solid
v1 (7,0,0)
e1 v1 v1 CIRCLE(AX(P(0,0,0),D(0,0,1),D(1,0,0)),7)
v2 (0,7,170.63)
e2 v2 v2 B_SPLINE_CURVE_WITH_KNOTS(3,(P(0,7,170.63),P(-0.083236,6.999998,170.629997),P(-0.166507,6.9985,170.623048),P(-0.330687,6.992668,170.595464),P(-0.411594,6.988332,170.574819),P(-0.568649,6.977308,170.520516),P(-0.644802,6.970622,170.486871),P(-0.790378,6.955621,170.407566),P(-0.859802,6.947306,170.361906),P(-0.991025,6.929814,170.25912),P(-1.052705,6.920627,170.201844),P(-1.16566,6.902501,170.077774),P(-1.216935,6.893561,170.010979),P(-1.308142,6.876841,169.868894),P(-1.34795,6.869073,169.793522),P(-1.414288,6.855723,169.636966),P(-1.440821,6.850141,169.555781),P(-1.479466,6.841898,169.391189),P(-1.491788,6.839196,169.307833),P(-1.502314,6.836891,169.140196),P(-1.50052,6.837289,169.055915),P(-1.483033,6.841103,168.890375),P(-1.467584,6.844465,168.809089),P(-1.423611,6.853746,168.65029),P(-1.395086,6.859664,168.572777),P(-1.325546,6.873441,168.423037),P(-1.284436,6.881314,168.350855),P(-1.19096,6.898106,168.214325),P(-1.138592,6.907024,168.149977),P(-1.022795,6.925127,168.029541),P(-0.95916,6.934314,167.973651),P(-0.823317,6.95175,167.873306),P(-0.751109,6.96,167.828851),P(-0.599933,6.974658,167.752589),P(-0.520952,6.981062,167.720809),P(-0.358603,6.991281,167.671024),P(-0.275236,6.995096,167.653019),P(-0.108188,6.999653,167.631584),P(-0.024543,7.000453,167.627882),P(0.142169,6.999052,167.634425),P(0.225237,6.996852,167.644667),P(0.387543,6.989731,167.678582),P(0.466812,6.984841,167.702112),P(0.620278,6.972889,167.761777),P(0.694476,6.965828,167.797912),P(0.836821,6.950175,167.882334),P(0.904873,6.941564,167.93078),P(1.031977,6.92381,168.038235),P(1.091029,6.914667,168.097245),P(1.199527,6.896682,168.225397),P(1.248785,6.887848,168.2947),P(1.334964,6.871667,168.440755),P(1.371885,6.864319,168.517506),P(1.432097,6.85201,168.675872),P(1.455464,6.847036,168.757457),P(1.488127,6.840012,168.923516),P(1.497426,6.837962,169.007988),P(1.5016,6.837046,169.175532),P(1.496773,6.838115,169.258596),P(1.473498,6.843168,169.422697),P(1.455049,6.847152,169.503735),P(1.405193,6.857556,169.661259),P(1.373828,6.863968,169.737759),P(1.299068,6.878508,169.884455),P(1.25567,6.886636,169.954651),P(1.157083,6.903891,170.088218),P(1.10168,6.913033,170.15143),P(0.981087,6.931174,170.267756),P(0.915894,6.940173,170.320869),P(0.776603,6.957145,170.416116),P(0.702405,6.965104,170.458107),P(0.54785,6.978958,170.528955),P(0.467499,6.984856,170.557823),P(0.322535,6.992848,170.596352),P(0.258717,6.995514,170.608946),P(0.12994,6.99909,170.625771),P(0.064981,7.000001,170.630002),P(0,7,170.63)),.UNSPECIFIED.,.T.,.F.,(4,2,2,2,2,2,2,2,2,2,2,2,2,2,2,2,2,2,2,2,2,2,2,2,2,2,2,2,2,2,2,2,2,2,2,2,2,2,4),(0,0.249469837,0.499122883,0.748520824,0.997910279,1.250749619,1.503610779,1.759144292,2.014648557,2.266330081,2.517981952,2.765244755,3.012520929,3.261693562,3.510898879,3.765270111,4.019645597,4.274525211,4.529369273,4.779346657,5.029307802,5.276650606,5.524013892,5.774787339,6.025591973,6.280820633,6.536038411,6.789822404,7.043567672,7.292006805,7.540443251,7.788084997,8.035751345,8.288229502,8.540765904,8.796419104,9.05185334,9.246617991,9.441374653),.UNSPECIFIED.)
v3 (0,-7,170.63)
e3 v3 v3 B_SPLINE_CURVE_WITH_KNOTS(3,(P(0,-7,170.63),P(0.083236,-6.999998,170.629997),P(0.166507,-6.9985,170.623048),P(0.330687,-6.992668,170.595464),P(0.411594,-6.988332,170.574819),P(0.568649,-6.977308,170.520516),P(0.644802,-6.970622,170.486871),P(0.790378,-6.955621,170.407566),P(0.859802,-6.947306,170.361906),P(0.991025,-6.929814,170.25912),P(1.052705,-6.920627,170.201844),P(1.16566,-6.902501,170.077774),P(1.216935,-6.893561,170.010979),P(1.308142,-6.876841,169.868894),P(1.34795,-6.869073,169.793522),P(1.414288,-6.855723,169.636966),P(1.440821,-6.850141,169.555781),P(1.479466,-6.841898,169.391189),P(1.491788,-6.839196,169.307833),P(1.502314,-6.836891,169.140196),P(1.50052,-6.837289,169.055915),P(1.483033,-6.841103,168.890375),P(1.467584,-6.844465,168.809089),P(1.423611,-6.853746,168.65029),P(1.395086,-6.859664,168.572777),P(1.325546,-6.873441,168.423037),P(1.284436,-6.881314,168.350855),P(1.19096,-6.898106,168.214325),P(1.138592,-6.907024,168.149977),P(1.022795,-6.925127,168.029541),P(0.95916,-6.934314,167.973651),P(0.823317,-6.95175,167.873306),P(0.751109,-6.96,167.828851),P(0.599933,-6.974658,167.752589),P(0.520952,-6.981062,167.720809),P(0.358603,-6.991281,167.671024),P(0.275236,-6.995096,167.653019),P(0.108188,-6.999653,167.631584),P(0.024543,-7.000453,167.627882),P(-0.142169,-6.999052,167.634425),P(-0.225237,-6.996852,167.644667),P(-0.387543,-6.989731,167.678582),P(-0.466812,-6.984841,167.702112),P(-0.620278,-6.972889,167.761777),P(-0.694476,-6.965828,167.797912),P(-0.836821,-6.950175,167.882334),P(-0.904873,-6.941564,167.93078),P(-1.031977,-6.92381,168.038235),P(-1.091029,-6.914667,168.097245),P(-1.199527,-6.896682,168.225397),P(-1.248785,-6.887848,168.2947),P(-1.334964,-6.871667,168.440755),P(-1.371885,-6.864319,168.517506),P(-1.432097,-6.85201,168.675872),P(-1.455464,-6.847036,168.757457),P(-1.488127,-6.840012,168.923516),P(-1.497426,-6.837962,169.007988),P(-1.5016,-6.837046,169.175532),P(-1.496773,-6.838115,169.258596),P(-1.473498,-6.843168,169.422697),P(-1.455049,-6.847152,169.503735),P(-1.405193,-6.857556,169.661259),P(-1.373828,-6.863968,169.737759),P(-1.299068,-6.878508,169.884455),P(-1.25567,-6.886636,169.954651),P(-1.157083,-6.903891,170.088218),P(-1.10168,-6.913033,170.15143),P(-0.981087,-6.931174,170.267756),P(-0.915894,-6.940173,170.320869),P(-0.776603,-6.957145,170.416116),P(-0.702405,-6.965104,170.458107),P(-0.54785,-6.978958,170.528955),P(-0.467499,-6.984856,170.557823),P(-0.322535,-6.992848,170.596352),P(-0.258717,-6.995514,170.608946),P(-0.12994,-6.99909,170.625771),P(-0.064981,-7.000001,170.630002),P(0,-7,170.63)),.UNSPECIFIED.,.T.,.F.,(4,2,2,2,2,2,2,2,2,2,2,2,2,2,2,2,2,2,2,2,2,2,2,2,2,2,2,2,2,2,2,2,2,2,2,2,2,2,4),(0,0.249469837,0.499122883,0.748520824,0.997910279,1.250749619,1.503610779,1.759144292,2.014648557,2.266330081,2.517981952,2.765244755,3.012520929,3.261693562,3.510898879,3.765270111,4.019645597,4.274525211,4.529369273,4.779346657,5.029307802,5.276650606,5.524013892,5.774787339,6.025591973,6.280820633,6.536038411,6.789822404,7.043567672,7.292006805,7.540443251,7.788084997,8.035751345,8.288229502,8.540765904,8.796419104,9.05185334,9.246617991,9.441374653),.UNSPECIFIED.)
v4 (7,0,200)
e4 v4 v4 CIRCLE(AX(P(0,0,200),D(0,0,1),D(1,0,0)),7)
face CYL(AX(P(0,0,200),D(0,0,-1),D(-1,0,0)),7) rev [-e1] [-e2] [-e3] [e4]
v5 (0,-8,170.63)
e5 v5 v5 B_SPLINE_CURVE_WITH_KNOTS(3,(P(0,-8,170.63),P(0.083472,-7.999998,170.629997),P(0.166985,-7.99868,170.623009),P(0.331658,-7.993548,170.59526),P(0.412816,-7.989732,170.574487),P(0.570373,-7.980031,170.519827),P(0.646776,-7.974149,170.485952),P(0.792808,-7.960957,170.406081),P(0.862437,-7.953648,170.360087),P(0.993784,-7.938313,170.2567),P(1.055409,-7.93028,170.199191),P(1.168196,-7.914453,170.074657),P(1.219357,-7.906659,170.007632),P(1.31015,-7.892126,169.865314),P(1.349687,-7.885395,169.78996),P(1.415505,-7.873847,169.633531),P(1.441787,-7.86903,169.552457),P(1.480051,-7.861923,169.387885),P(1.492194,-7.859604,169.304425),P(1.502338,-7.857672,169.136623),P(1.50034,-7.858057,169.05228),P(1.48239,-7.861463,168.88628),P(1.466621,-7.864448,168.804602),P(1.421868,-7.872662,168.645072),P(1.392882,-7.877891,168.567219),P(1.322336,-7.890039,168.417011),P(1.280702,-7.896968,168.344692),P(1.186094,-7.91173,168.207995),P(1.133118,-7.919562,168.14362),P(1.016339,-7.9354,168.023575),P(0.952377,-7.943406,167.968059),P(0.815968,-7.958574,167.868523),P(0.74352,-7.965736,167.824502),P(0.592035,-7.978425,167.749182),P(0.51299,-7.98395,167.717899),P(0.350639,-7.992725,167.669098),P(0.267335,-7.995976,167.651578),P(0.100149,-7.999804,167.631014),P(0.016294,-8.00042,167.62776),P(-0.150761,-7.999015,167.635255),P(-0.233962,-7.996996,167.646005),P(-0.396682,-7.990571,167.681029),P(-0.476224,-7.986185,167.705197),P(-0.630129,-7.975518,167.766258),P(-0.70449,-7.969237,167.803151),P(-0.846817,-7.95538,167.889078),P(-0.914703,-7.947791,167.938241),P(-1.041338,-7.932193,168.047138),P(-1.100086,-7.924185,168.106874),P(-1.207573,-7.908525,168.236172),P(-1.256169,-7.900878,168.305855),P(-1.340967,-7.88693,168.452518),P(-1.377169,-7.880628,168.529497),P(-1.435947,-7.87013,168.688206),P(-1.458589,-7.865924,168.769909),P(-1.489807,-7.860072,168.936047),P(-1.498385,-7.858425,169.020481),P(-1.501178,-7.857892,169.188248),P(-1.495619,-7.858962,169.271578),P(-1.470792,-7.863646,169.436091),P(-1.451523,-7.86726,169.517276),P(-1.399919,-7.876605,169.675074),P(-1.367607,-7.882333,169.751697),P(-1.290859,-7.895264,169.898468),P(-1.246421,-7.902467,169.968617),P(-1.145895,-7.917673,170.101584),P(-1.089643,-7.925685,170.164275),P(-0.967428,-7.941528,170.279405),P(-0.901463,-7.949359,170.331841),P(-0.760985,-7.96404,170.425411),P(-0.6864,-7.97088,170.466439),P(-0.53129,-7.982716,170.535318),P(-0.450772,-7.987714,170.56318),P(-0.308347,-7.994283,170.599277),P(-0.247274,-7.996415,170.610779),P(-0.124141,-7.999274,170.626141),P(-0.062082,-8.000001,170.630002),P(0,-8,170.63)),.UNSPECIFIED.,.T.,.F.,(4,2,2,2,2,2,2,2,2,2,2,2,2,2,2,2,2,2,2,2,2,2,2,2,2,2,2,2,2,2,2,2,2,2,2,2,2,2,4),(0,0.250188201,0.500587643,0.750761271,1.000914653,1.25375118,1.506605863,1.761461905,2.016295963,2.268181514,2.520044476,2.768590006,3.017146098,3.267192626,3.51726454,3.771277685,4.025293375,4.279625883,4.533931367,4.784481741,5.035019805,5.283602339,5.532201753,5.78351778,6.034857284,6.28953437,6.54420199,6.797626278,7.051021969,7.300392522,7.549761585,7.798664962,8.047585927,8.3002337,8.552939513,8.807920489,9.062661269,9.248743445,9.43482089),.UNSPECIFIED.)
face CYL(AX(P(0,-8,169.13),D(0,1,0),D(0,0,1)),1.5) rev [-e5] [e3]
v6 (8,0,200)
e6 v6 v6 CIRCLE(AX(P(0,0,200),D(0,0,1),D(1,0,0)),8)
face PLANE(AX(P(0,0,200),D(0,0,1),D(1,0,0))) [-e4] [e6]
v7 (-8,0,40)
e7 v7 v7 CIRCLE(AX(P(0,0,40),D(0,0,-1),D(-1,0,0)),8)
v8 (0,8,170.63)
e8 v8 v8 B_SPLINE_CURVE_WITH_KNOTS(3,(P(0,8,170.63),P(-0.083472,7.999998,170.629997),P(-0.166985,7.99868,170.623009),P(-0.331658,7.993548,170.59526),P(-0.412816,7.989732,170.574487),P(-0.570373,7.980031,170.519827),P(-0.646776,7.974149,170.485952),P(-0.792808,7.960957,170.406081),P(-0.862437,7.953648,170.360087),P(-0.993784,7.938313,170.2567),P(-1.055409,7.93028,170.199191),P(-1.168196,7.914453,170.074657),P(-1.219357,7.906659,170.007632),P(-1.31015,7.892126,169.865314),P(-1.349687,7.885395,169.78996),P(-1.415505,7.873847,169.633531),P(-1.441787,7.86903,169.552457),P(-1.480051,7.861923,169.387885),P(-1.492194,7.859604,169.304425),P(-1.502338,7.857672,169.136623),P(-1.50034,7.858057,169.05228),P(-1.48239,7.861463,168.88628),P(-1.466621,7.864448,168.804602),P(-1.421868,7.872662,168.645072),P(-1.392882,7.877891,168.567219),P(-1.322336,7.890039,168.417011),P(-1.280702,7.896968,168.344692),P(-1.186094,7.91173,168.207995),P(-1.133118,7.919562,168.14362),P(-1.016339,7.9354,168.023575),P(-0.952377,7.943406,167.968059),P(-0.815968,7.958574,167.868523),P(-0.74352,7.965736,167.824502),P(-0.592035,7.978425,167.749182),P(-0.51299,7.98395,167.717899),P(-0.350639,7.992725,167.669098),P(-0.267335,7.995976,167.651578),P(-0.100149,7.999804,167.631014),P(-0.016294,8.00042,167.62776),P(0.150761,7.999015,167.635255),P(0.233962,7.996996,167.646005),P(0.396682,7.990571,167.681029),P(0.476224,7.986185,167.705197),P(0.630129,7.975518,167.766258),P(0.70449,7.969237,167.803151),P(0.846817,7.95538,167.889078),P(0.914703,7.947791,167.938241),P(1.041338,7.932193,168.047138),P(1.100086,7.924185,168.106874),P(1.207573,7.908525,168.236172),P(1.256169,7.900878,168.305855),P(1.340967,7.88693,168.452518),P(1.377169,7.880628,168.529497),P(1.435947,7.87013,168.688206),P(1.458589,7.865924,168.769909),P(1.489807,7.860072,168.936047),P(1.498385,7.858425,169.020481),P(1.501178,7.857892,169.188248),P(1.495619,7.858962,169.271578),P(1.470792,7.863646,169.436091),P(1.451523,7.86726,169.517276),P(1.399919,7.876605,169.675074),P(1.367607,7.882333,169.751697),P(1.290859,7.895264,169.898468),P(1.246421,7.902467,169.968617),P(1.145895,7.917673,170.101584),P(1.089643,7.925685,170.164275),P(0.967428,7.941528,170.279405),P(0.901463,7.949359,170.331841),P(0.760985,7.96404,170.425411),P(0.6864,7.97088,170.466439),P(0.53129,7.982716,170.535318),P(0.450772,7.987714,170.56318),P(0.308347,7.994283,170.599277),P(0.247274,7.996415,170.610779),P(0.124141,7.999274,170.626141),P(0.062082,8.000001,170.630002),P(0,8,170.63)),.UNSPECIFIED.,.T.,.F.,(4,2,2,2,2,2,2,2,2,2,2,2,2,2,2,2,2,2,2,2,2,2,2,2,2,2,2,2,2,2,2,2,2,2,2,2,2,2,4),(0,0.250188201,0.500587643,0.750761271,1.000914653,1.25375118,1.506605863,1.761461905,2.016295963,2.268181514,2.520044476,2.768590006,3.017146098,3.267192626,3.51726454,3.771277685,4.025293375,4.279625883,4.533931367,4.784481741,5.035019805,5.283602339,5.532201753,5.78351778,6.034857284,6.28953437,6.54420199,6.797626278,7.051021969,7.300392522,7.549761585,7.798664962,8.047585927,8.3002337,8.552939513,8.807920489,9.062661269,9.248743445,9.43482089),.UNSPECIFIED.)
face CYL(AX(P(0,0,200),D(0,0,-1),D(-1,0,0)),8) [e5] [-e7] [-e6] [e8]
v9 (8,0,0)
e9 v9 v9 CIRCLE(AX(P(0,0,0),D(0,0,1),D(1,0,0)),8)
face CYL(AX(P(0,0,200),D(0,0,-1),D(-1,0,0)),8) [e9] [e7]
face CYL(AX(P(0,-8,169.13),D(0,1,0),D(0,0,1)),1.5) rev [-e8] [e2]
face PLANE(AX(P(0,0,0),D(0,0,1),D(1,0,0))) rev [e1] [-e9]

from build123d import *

# Parameters (mm, degrees)
SKETCH1_R               = 8
SKETCH1_R_2             = 7
BOSS_EXTRUDE1_DEPTH     = 200
SKETCH3_R               = 1.5
CUT_EXTRUDE1_DEPTH      = 9
CUT_EXTRUDE1_DEPTH_BACK = 9


with BuildPart() as part:
    # Sketch1 → Boss-Extrude1 (new body)
    with BuildSketch(Plane.XY):
        Circle(SKETCH1_R)
        Circle(SKETCH1_R_2, mode=Mode.SUBTRACT)
    extrude(amount=BOSS_EXTRUDE1_DEPTH)

    # Sketch3 → Cut-Extrude1 (cut, two sides)
    with BuildSketch(Plane(origin=(0, 0, 0), x_dir=(1, 0, 0), z_dir=(0, 1, 0))) as cut_extrude1_sk:
        with Locations((0, -169.13)):
            Circle(SKETCH3_R)
    extrude(amount=CUT_EXTRUDE1_DEPTH, mode=Mode.SUBTRACT)
    extrude(cut_extrude1_sk.sketch, amount=-CUT_EXTRUDE1_DEPTH_BACK, mode=Mode.SUBTRACT)


solid = part.part
